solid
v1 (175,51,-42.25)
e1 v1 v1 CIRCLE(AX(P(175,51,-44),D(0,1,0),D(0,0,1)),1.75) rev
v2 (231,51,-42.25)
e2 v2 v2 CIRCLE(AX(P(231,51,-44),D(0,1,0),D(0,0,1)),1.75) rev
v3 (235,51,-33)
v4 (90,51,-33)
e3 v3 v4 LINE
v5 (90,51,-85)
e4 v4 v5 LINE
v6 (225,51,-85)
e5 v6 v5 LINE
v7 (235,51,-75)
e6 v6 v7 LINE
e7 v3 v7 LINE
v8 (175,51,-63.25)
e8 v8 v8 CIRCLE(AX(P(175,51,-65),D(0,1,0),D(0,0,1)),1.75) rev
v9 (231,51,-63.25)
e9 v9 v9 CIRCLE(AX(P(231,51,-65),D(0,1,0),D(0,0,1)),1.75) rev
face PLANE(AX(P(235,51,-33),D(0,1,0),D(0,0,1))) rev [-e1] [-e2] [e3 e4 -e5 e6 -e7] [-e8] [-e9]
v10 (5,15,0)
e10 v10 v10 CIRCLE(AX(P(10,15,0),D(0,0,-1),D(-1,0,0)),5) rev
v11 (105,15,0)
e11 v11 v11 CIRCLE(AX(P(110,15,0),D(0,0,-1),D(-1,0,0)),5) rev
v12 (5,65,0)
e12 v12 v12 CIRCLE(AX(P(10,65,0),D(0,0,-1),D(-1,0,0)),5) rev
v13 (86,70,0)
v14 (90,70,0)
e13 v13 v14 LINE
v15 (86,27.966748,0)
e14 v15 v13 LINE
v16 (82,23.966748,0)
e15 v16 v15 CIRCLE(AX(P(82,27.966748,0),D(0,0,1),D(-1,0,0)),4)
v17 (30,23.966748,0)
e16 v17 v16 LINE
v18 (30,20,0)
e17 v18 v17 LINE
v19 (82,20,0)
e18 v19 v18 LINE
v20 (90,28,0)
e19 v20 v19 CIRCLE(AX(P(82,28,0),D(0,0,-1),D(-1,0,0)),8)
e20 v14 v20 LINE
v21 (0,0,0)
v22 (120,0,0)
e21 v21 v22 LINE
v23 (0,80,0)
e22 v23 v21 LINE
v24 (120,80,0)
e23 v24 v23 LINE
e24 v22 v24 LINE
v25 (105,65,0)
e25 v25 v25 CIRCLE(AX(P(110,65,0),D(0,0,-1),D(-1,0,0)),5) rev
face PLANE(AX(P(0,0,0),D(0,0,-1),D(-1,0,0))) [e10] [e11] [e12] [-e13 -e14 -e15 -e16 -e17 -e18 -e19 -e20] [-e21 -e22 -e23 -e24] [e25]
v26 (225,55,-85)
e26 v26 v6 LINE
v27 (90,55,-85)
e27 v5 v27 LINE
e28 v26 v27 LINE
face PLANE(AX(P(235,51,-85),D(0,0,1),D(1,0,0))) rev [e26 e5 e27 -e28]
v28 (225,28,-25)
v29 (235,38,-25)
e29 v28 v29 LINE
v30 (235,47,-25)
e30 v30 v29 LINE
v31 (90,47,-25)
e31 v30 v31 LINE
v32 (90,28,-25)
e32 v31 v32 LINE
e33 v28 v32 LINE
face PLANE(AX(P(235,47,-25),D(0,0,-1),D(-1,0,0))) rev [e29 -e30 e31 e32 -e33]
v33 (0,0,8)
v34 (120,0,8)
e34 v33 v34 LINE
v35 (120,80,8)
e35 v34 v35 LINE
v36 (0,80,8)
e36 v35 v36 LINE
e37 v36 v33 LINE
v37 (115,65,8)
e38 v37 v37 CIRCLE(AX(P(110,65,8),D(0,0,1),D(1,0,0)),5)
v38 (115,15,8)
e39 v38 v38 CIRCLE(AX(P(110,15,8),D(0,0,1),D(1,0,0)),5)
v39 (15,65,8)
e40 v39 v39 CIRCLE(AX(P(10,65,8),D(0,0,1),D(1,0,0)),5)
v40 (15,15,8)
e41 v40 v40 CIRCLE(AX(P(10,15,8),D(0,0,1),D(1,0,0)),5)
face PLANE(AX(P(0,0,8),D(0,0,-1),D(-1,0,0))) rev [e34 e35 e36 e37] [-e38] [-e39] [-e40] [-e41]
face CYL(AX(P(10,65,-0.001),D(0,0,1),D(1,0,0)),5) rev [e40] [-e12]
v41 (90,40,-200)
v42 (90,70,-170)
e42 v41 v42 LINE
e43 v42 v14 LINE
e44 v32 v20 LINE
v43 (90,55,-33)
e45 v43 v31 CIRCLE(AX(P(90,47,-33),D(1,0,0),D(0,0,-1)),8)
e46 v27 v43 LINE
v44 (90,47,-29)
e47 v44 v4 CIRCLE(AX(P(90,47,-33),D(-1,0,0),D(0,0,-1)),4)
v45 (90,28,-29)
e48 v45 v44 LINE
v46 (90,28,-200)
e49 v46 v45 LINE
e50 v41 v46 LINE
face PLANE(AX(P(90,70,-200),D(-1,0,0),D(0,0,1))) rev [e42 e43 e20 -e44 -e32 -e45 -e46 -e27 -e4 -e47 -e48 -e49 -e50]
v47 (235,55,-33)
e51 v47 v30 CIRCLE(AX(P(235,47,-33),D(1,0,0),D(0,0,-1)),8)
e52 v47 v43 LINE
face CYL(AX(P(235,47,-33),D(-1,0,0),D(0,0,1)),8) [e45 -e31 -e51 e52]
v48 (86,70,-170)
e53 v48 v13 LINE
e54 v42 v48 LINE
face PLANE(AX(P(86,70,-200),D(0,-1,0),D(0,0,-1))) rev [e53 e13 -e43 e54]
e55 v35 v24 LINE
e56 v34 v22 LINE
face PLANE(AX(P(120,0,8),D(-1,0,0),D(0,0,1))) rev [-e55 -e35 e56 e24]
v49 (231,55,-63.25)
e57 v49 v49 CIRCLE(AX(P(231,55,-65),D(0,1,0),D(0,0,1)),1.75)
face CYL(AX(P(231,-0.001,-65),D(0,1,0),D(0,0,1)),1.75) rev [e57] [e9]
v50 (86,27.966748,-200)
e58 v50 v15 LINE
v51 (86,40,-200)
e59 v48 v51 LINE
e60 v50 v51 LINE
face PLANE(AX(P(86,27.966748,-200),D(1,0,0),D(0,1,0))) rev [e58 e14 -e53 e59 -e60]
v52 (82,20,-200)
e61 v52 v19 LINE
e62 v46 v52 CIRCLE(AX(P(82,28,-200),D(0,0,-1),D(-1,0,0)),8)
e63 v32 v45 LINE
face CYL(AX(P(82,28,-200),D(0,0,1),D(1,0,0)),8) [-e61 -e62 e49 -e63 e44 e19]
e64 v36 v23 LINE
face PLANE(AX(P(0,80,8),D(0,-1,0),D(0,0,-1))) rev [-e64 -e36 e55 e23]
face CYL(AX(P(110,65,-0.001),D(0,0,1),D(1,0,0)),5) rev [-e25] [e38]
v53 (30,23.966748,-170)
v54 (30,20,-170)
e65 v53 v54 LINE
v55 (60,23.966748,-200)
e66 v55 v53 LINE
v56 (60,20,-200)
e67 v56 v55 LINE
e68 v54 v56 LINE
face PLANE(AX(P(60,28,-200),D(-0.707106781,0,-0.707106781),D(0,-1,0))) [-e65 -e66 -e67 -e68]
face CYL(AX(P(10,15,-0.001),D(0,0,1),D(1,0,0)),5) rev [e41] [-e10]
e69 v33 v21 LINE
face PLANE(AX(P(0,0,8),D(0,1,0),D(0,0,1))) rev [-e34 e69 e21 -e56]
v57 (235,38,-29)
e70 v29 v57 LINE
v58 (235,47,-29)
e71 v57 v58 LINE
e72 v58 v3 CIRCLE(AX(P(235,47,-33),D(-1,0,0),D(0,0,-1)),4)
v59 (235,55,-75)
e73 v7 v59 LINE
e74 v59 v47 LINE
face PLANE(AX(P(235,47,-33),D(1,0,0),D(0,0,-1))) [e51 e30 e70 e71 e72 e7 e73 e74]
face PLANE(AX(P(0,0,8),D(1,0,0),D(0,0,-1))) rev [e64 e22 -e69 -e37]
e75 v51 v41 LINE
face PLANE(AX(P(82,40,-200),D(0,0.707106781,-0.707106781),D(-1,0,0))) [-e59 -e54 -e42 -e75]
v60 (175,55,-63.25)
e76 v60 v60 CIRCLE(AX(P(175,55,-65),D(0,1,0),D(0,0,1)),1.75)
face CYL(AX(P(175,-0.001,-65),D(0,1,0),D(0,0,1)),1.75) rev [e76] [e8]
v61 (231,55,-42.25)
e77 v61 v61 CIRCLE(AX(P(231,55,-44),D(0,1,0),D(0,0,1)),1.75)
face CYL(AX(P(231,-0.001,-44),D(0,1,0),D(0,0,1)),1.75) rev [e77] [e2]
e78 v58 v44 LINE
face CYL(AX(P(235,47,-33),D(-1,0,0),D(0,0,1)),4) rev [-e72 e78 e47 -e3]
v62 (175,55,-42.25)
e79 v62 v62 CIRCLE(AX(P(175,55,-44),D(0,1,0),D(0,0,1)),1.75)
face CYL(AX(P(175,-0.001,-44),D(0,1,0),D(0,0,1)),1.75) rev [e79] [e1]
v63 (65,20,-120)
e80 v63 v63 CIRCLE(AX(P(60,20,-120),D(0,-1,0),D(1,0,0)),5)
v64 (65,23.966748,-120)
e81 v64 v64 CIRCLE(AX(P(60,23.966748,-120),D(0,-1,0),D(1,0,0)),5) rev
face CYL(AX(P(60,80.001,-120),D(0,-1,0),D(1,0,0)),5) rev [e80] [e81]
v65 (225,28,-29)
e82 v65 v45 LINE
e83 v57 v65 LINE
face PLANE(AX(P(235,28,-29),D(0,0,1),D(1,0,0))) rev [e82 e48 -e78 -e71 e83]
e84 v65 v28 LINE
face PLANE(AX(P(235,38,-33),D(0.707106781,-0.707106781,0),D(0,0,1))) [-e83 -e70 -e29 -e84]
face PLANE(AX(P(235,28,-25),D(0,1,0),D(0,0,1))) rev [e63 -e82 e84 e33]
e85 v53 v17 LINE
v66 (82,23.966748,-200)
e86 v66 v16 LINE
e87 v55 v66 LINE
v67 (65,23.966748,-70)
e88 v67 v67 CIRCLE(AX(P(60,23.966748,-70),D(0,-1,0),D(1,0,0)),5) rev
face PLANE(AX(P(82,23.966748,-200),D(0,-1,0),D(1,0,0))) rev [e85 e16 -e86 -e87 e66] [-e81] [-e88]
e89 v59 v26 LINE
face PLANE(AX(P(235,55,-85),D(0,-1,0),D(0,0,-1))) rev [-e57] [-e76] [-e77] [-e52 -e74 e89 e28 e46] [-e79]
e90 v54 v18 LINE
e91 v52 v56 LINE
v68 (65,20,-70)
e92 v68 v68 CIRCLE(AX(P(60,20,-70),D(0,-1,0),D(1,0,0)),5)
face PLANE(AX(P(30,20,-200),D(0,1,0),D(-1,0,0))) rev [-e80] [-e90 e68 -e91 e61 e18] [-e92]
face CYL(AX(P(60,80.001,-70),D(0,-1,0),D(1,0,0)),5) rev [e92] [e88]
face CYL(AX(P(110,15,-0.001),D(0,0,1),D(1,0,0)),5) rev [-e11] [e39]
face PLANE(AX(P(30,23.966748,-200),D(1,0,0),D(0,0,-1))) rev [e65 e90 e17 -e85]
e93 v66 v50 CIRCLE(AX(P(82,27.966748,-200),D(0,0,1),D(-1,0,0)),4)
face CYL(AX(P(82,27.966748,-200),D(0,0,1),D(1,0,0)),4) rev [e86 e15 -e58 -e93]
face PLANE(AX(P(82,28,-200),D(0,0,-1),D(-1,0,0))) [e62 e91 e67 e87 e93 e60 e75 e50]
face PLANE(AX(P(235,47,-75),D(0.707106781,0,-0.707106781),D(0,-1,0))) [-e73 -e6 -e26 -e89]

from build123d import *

# Parameters (mm, degrees)
SKETCH_1_W          = 120
SKETCH_1_H          = 80
EXTRUDE_1_DEPTH     = 8
CUT_EXTRUDE_1_REACH = 10
SKETCH_2_R          = 5
EXTRUDE_2_DEPTH     = 200
CHAMFER_1_SIZE      = 30
CUT_EXTRUDE_3_REACH = 62
SKETCH_5_R          = 5
EXTRUDE_3_DEPTH     = 145
CHAMFER_2_SIZE      = 10
CUT_EXTRUDE_4_REACH = 57
SKETCH_7_R          = 1.75


with BuildPart() as part:
    # 草图1 → 凸台-拉伸1 (new body)
    with BuildSketch(Plane.XY):
        with Locations((60, 40)):
            Rectangle(SKETCH_1_W, SKETCH_1_H)
    extrude(amount=EXTRUDE_1_DEPTH)

    # 草图2 → 切除-拉伸1 (cut, up to next)
    with BuildSketch(Plane.XY.offset(8), mode=Mode.PRIVATE) as cut_extrude_1_sk1:
        with Locations((10, 65)):
            Circle(SKETCH_2_R)
    cut_extrude_1_tool1 = extrude(cut_extrude_1_sk1.sketch, amount=-CUT_EXTRUDE_1_REACH, mode=Mode.PRIVATE) & part.part
    add(cut_extrude_1_tool1.solids().sort_by_distance((10, 65, 8))[0], mode=Mode.SUBTRACT)
    # 草图2 → 切除-拉伸1 (cut, up to next)
    with BuildSketch(Plane.XY.offset(8), mode=Mode.PRIVATE) as cut_extrude_1_sk2:
        with Locations((10, 15)):
            Circle(SKETCH_2_R)
    cut_extrude_1_tool2 = extrude(cut_extrude_1_sk2.sketch, amount=-CUT_EXTRUDE_1_REACH, mode=Mode.PRIVATE) & part.part
    add(cut_extrude_1_tool2.solids().sort_by_distance((10, 15, 8))[0], mode=Mode.SUBTRACT)
    # 草图2 → 切除-拉伸1 (cut, up to next)
    with BuildSketch(Plane.XY.offset(8), mode=Mode.PRIVATE) as cut_extrude_1_sk3:
        with Locations((110, 15)):
            Circle(SKETCH_2_R)
    cut_extrude_1_tool3 = extrude(cut_extrude_1_sk3.sketch, amount=-CUT_EXTRUDE_1_REACH, mode=Mode.PRIVATE) & part.part
    add(cut_extrude_1_tool3.solids().sort_by_distance((110, 15, 8))[0], mode=Mode.SUBTRACT)
    # 草图2 → 切除-拉伸1 (cut, up to next)
    with BuildSketch(Plane.XY.offset(8), mode=Mode.PRIVATE) as cut_extrude_1_sk4:
        with Locations((110, 65)):
            Circle(SKETCH_2_R)
    cut_extrude_1_tool4 = extrude(cut_extrude_1_sk4.sketch, amount=-CUT_EXTRUDE_1_REACH, mode=Mode.PRIVATE) & part.part
    add(cut_extrude_1_tool4.solids().sort_by_distance((110, 65, 8))[0], mode=Mode.SUBTRACT)

    # 草图3 → 凸台-拉伸2 (add)
    with BuildSketch(Plane(origin=(0, 0, 0), x_dir=(-1, 0, 0), z_dir=(0, 0, -1))):
        with BuildLine():
            Line((-30, 20), (-82, 20))
            ThreePointArc((-82, 20), (-87.656854249, 22.343145751), (-90, 28))
            Line((-90, 28), (-90, 70))
            Line((-90, 70), (-86, 70))
            Line((-86, 70), (-86, 27.966747679))
            ThreePointArc((-86, 27.966747679), (-84.828427125, 25.138320554), (-82, 23.966747679))
            Line((-82, 23.966747679), (-30, 23.966747679))
            Line((-30, 23.966747679), (-30, 20))
        make_face()
    extrude(amount=EXTRUDE_2_DEPTH)

    # 倒角1
    chamfer_1_edges = [part.edges().sort_by_distance(p)[0] for p in [
        (30, 21.983373839, -200),
        (88, 70, -200),
    ]]
    chamfer(chamfer_1_edges, length=CHAMFER_1_SIZE)

    # 草图5 → 切除-拉伸3 (cut, up to next)
    with BuildSketch(Plane.XZ.offset(-20), mode=Mode.PRIVATE) as cut_extrude_3_sk1:
        with Locations((60, -70)):
            Circle(SKETCH_5_R)
    cut_extrude_3_tool1 = extrude(cut_extrude_3_sk1.sketch, amount=-CUT_EXTRUDE_3_REACH, mode=Mode.PRIVATE) & part.part
    add(cut_extrude_3_tool1.solids().sort_by_distance((60, 20, -70))[0], mode=Mode.SUBTRACT)
    # 草图5 → 切除-拉伸3 (cut, up to next)
    with BuildSketch(Plane.XZ.offset(-20), mode=Mode.PRIVATE) as cut_extrude_3_sk2:
        with Locations((60, -120)):
            Circle(SKETCH_5_R)
    cut_extrude_3_tool2 = extrude(cut_extrude_3_sk2.sketch, amount=-CUT_EXTRUDE_3_REACH, mode=Mode.PRIVATE) & part.part
    add(cut_extrude_3_tool2.solids().sort_by_distance((60, 20, -120))[0], mode=Mode.SUBTRACT)

    # 草图6 → 凸台-拉伸3 (add)
    with BuildSketch(Plane(origin=(90, 0, 0), x_dir=(0, 0, -1), z_dir=(1, 0, 0))):
        with BuildLine():
            Line((25, 47), (25, 28))
            Line((25, 28), (29, 28))
            Line((29, 28), (29, 47))
            ThreePointArc((29, 47), (30.171572875, 49.828427125), (33, 51))
            Line((33, 51), (85, 51))
            Line((85, 51), (85, 55))
            Line((85, 55), (33, 55))
            ThreePointArc((33, 55), (27.343145751, 52.656854249), (25, 47))
        make_face()
    extrude(amount=EXTRUDE_3_DEPTH)

    # 倒角2
    chamfer_2_edges = [part.edges().sort_by_distance(p)[0] for p in [
        (235, 53, -85),
        (235, 28, -27),
    ]]
    chamfer(chamfer_2_edges, length=CHAMFER_2_SIZE)

    # 草图7 → 切除-拉伸4 (cut, up to next)
    with BuildSketch(Plane(origin=(0, 55, 0), x_dir=(1, 0, 0), z_dir=(0, 1, 0)), mode=Mode.PRIVATE) as cut_extrude_4_sk1:
        with Locations((231, 65)):
            Circle(SKETCH_7_R)
    cut_extrude_4_tool1 = extrude(cut_extrude_4_sk1.sketch, amount=-CUT_EXTRUDE_4_REACH, mode=Mode.PRIVATE) & part.part
    add(cut_extrude_4_tool1.solids().sort_by_distance((231, 55, -65))[0], mode=Mode.SUBTRACT)
    # 草图7 → 切除-拉伸4 (cut, up to next)
    with BuildSketch(Plane(origin=(0, 55, 0), x_dir=(1, 0, 0), z_dir=(0, 1, 0)), mode=Mode.PRIVATE) as cut_extrude_4_sk2:
        with Locations((231, 44)):
            Circle(SKETCH_7_R)
    cut_extrude_4_tool2 = extrude(cut_extrude_4_sk2.sketch, amount=-CUT_EXTRUDE_4_REACH, mode=Mode.PRIVATE) & part.part
    add(cut_extrude_4_tool2.solids().sort_by_distance((231, 55, -44))[0], mode=Mode.SUBTRACT)
    # 草图7 → 切除-拉伸4 (cut, up to next)
    with BuildSketch(Plane(origin=(0, 55, 0), x_dir=(1, 0, 0), z_dir=(0, 1, 0)), mode=Mode.PRIVATE) as cut_extrude_4_sk3:
        with Locations((175, 44)):
            Circle(SKETCH_7_R)
    cut_extrude_4_tool3 = extrude(cut_extrude_4_sk3.sketch, amount=-CUT_EXTRUDE_4_REACH, mode=Mode.PRIVATE) & part.part
    add(cut_extrude_4_tool3.solids().sort_by_distance((175, 55, -44))[0], mode=Mode.SUBTRACT)
    # 草图7 → 切除-拉伸4 (cut, up to next)
    with BuildSketch(Plane(origin=(0, 55, 0), x_dir=(1, 0, 0), z_dir=(0, 1, 0)), mode=Mode.PRIVATE) as cut_extrude_4_sk4:
        with Locations((175, 65)):
            Circle(SKETCH_7_R)
    cut_extrude_4_tool4 = extrude(cut_extrude_4_sk4.sketch, amount=-CUT_EXTRUDE_4_REACH, mode=Mode.PRIVATE) & part.part
    add(cut_extrude_4_tool4.solids().sort_by_distance((175, 55, -65))[0], mode=Mode.SUBTRACT)


solid = part.part
